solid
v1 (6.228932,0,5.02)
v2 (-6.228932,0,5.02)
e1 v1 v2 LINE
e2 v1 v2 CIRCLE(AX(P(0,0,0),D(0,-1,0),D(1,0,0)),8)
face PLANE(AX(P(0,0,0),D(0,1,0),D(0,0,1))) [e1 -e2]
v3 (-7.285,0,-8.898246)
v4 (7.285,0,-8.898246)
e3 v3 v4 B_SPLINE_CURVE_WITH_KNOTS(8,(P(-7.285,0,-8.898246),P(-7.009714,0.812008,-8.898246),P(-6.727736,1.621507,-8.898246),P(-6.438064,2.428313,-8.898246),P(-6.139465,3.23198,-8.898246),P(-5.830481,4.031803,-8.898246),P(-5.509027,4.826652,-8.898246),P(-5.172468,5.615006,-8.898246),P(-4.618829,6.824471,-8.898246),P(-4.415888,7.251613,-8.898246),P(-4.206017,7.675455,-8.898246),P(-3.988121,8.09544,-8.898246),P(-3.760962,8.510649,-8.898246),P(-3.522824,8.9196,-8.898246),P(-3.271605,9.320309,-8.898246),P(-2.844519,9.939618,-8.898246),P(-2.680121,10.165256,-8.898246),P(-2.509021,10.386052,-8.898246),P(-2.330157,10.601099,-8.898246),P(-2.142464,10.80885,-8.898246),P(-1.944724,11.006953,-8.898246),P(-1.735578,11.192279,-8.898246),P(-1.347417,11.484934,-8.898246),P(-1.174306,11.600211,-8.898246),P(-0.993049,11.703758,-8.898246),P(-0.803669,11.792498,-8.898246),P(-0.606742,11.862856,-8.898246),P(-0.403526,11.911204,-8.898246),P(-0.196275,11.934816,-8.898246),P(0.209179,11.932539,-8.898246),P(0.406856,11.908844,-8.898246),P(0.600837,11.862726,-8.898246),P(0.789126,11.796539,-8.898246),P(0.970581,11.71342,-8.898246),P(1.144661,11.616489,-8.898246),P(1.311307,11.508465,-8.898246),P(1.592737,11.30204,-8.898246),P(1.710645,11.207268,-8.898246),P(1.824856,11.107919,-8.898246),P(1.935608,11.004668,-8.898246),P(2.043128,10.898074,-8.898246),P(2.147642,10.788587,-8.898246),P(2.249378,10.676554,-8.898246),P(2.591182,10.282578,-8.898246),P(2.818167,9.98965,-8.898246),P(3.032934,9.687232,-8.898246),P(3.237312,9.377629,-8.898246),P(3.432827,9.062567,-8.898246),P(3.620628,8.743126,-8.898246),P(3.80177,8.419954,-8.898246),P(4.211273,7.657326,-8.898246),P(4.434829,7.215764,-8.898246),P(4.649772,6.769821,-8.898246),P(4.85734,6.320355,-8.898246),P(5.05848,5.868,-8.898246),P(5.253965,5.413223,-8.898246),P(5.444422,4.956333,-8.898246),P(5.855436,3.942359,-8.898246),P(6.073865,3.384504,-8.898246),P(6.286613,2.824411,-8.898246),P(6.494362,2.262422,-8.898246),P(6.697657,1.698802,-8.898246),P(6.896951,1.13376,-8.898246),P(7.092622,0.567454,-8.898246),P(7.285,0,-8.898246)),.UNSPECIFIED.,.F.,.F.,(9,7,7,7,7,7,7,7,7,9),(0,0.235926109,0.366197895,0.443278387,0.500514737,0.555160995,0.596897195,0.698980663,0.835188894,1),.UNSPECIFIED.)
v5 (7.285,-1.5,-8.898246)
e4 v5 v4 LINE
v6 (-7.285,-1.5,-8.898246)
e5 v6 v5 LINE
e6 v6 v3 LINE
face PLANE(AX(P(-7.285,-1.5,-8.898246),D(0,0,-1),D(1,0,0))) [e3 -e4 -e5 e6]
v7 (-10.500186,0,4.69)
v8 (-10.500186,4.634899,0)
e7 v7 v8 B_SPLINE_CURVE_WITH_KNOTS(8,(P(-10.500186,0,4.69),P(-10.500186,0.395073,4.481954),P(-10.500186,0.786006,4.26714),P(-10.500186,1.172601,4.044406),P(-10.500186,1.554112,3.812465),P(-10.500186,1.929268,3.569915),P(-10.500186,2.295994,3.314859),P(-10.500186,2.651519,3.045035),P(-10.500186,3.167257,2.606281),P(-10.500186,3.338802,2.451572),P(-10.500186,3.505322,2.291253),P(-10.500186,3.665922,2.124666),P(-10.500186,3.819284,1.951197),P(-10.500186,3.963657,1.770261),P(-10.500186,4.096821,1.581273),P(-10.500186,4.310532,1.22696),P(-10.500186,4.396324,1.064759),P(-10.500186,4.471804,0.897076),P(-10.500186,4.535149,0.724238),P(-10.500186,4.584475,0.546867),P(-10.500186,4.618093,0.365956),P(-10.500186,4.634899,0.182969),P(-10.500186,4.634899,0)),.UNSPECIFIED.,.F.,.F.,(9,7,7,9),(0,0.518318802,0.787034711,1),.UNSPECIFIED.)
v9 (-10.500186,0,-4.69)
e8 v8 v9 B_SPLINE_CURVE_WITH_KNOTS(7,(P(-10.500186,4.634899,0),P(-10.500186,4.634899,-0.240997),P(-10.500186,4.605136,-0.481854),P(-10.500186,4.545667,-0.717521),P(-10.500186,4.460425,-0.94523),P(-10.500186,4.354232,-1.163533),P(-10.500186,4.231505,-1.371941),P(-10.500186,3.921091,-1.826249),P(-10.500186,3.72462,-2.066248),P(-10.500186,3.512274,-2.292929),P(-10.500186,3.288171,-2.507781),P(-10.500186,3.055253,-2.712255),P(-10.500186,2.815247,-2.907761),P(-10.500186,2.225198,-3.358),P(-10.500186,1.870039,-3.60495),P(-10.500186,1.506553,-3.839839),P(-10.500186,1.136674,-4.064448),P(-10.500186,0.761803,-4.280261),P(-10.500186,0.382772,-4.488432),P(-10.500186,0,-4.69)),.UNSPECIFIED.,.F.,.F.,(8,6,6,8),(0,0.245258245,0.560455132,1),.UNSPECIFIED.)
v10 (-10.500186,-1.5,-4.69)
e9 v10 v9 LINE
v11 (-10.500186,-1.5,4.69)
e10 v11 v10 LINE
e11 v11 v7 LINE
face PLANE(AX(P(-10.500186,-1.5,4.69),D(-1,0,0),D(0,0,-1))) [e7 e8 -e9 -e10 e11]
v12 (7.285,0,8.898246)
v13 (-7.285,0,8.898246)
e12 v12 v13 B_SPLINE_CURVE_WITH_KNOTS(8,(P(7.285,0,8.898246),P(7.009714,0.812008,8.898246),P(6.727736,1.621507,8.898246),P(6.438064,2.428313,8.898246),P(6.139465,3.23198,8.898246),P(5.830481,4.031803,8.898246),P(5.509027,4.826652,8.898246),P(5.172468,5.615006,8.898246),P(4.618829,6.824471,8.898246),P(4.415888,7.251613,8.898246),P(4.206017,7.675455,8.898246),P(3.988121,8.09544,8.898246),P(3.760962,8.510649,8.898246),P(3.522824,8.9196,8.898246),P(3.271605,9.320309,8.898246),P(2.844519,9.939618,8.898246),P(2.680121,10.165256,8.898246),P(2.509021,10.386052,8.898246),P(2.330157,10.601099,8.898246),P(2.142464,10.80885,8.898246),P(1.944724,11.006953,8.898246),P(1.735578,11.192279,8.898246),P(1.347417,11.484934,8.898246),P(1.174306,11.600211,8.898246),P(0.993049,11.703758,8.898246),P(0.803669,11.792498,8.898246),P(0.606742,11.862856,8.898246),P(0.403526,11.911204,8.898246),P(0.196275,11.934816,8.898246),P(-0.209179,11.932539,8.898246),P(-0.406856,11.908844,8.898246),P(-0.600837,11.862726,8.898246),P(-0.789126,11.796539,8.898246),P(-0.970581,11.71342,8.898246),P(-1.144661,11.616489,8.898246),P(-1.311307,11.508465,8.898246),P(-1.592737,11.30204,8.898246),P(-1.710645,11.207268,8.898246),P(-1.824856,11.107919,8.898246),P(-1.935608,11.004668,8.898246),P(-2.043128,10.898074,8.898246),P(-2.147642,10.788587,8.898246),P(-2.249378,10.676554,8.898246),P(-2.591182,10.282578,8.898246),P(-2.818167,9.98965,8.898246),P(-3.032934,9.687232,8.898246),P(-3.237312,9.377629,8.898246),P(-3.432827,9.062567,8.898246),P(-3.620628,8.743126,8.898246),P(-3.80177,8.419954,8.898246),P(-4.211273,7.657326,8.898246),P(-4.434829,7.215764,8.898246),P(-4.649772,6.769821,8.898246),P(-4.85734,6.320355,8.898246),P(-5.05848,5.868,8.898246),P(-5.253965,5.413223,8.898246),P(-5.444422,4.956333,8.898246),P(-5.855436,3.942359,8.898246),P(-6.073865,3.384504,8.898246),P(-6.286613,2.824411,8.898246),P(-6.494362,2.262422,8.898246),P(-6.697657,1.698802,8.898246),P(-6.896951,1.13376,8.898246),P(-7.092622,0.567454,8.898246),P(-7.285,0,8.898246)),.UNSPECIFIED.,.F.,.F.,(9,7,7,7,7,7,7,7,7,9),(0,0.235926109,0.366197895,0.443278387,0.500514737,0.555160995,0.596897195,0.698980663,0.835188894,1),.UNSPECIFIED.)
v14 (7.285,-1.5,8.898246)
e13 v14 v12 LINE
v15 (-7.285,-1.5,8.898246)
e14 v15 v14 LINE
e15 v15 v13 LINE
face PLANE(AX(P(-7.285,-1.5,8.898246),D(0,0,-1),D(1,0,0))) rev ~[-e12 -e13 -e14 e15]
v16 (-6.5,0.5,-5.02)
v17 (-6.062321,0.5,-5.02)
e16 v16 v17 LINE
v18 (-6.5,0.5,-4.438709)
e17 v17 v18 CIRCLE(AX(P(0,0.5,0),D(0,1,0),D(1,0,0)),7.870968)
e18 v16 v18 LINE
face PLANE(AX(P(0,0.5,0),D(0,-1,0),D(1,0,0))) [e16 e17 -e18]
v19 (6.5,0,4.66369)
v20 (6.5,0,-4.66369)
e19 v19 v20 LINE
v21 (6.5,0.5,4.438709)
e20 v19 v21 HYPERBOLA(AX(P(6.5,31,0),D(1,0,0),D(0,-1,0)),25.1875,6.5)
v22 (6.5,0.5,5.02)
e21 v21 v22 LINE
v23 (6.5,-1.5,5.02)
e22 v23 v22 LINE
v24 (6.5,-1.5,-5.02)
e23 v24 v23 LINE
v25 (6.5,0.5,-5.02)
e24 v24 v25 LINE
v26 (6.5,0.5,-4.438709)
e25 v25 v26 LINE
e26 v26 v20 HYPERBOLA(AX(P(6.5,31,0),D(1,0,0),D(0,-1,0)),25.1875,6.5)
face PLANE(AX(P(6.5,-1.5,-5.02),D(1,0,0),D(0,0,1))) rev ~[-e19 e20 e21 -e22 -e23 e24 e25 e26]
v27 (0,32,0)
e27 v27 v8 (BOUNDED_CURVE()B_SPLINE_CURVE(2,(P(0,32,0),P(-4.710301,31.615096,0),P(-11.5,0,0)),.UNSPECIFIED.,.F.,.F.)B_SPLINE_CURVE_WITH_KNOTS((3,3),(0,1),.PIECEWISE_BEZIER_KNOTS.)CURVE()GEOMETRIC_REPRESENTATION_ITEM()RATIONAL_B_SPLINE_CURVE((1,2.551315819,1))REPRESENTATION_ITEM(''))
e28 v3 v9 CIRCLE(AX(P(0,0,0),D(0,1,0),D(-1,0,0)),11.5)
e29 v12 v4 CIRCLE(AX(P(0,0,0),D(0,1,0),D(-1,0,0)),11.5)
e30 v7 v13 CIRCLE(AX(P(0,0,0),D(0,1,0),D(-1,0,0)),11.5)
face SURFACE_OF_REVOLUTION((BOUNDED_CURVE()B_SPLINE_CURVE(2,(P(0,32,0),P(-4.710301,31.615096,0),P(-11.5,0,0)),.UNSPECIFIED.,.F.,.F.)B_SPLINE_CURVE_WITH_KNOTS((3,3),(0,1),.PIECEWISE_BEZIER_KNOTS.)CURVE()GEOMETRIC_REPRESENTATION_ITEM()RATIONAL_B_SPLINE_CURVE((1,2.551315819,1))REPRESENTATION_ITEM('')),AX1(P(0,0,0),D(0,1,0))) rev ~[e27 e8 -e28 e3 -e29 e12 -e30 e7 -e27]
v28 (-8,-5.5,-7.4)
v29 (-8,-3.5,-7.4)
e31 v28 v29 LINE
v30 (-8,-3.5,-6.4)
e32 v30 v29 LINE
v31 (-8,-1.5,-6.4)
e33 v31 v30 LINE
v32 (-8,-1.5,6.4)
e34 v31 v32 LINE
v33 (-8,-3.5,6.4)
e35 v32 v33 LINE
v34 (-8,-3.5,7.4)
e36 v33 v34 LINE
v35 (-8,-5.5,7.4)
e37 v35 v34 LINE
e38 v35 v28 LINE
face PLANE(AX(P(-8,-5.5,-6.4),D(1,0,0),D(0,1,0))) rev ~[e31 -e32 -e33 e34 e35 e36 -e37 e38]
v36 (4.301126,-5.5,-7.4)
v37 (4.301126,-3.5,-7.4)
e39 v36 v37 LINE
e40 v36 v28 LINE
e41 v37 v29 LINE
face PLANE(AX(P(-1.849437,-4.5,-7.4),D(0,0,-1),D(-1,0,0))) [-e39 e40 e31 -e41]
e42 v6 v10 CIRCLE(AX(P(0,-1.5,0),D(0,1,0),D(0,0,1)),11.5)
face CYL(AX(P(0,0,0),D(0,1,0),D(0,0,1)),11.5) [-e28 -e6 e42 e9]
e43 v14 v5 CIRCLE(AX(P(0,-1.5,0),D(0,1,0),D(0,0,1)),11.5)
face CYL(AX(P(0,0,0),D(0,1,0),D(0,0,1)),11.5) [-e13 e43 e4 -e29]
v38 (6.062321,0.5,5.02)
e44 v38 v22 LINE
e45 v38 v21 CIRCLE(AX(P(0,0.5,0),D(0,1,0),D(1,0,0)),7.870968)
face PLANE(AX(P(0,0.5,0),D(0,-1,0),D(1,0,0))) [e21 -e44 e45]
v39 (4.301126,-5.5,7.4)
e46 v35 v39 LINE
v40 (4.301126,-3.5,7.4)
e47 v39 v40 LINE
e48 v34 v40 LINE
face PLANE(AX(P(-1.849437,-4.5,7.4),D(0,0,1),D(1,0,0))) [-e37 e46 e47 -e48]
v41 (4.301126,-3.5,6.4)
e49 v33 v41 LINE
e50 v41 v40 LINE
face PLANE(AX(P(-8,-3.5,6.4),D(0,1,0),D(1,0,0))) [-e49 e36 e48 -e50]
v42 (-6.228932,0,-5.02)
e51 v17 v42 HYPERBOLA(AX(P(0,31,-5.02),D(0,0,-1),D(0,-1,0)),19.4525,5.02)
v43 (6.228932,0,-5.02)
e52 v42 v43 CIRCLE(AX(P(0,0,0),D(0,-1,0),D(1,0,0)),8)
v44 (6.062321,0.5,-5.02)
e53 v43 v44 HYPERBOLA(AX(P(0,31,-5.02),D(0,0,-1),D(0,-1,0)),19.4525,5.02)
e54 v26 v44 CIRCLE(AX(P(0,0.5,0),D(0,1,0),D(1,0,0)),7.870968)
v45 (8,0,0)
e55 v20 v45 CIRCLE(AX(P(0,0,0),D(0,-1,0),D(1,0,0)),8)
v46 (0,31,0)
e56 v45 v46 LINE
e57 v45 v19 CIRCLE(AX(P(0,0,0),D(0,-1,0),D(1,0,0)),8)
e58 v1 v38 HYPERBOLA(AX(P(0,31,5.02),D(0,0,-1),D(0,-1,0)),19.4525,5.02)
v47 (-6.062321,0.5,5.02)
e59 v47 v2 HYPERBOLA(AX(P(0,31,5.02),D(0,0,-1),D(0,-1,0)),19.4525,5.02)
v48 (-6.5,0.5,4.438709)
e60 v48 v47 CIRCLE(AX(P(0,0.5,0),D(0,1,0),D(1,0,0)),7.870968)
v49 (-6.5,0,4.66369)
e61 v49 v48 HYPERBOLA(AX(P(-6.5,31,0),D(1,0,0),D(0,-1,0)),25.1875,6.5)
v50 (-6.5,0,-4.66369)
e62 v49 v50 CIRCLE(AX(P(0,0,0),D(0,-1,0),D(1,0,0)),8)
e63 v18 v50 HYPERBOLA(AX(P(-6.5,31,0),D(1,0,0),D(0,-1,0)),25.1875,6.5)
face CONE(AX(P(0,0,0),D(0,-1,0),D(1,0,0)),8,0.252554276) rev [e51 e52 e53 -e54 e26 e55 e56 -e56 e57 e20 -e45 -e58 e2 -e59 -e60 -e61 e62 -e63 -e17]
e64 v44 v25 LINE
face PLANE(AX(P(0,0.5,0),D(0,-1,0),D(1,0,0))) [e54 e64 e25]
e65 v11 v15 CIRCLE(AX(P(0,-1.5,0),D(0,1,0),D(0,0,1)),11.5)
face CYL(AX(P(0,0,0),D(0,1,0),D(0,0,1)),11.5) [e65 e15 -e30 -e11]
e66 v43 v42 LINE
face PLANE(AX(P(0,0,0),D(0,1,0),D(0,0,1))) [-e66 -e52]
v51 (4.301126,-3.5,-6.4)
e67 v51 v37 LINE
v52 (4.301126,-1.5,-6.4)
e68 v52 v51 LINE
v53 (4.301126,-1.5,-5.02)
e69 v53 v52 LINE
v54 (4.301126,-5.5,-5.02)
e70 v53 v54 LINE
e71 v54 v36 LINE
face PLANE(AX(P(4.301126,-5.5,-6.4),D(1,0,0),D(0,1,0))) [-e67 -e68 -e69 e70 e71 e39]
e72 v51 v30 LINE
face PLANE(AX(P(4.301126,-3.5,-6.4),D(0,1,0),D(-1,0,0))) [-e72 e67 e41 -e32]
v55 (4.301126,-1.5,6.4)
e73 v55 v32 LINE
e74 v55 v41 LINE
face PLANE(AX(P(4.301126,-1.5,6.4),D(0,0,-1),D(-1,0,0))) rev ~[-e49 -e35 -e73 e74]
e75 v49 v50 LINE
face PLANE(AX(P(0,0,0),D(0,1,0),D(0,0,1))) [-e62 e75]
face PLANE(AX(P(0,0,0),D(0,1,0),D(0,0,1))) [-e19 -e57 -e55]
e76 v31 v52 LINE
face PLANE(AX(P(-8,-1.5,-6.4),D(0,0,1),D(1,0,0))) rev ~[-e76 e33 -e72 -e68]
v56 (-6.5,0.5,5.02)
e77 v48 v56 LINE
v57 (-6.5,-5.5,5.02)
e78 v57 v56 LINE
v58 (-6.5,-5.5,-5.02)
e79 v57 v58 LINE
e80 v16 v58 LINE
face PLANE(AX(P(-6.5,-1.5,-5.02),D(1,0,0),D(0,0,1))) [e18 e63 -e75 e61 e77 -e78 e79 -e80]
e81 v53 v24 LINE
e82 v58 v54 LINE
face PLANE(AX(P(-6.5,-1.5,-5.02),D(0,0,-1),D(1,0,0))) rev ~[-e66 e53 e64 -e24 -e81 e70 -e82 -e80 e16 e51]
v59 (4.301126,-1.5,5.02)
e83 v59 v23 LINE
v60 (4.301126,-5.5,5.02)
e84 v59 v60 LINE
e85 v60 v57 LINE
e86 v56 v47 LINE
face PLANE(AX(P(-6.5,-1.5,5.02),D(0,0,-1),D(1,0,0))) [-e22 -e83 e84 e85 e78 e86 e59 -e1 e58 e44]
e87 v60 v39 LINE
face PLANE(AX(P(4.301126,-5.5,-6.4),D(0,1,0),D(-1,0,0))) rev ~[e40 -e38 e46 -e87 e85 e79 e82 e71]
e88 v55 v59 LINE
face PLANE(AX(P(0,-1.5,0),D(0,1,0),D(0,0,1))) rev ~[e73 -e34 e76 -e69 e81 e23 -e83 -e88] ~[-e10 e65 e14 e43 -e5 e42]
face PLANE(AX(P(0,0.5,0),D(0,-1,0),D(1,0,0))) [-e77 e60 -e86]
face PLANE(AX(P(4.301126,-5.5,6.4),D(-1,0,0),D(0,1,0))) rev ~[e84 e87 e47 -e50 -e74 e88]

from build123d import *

# Parameters (mm, degrees)
SKETCH_4_R          = 11.5
EXTRUDE_1_DEPTH     = 1.5
EXTRUDE_2_DEPTH     = 4
SKETCH_7_W          = 13
SKETCH_7_H          = 10.04
CUT_EXTRUDE_3_DEPTH = 2
CUT_EXTRUDE_4_DEPTH = 38.239092514
SKETCH_9_W          = 12.301126192
SKETCH_9_H          = 2
EXTRUDE_3_DEPTH     = 1
SKETCH_10_W         = 12.301126192
SKETCH_10_H         = 2
EXTRUDE_4_DEPTH     = 1


with BuildPart() as part:
    # 草图2 → 旋转1 (revolve)
    with BuildSketch(Plane.XY):
        with BuildLine():
            Line((0, 0), (-11.5, 0))
            add(Edge.make_bspline(
                [(0, 32), (-4.710300768, 31.615095885), (-11.5, 0)],
                knots=[0, 0, 0, 1, 1, 1], degree=2, weights=[1, 2.551315819, 1]))
            Line((0, 32), (0, 0))
        make_face()
    revolve(axis=Axis((0, 0, 0), (0, 1, 0)))

    # 草图3 → 切除-旋转1 (revolve, cut)
    with BuildSketch(Plane.XY, mode=Mode.PRIVATE) as cut_revolve_1_sk:
        Polygon((0, 31), (0, 0), (-8, 0), align=None)
    revolve(cut_revolve_1_sk.sketch.rotate(Axis((0, 31, 0), (0, -1, 0)), 180), axis=Axis((0, 31, 0), (0, -1, 0)), mode=Mode.SUBTRACT)

    # 草图4 → 凸台-拉伸1 (add)
    with BuildSketch(Plane(origin=(0, 0, 0), x_dir=(1, 0, 0), z_dir=(0, 1, 0))):
        with Locations(Location((0, 0, 0), (0, 0, 270))):
            Circle(SKETCH_4_R)
    extrude(amount=-EXTRUDE_1_DEPTH)

    # 草图5 → 凸台-拉伸2 (add)
    with BuildSketch(Plane.XZ.offset(1.5)):
        Polygon((4.301126192, 6.4), (4.301126192, 5.02), (-6.5, 5.02), (-6.5, -5.02), (4.301126192, -5.02), (4.301126192, -6.4), (-6.618873808, -6.4), (-8, -6.4), (-8, 6.4), (-6.618873808, 6.4), align=None)
    extrude(amount=EXTRUDE_2_DEPTH)

    # 草图7 → 切除-拉伸3 (cut)
    with BuildSketch(Plane.XZ.offset(1.5)):
        Rectangle(SKETCH_7_W, SKETCH_7_H)
    extrude(amount=-CUT_EXTRUDE_3_DEPTH, mode=Mode.SUBTRACT)

    # 草图8 → 切除-拉伸4 (cut, through all)
    with BuildSketch(Plane(origin=(0, -1.5, 0), x_dir=(-1, 0, 0), z_dir=(0, -1, 0))):
        with BuildLine():
            Line((10.500185713, -4.69), (10.500185713, 4.69))
            ThreePointArc((10.500185713, 4.69), (11.5, 0), (10.500185713, -4.69))
        make_face()
        with BuildLine():
            Line((7.285, -8.898245614), (-7.285, -8.898245614))
            ThreePointArc((-7.285, -8.898245614), (0, -11.5), (7.285, -8.898245614))
        make_face()
        with BuildLine():
            Line((7.285, 8.898245614), (-7.285, 8.898245614))
            ThreePointArc((-7.285, 8.898245614), (0, 11.5), (7.285, 8.898245614))
        make_face()
    extrude(amount=-CUT_EXTRUDE_4_DEPTH, mode=Mode.SUBTRACT)

    # 草图9 → 凸台-拉伸3 (add)
    with BuildSketch(Plane.XY.offset(6.4)):
        with Locations((-1.849436904, -4.5)):
            Rectangle(SKETCH_9_W, SKETCH_9_H)
    extrude(amount=EXTRUDE_3_DEPTH)

    # 草图10 → 凸台-拉伸4 (add)
    with BuildSketch(Plane(origin=(0, 0, -6.4), x_dir=(-1, 0, 0), z_dir=(0, 0, -1))):
        with Locations((1.849436904, -4.5)):
            Rectangle(SKETCH_10_W, SKETCH_10_H)
    extrude(amount=EXTRUDE_4_DEPTH)


solid = part.part
